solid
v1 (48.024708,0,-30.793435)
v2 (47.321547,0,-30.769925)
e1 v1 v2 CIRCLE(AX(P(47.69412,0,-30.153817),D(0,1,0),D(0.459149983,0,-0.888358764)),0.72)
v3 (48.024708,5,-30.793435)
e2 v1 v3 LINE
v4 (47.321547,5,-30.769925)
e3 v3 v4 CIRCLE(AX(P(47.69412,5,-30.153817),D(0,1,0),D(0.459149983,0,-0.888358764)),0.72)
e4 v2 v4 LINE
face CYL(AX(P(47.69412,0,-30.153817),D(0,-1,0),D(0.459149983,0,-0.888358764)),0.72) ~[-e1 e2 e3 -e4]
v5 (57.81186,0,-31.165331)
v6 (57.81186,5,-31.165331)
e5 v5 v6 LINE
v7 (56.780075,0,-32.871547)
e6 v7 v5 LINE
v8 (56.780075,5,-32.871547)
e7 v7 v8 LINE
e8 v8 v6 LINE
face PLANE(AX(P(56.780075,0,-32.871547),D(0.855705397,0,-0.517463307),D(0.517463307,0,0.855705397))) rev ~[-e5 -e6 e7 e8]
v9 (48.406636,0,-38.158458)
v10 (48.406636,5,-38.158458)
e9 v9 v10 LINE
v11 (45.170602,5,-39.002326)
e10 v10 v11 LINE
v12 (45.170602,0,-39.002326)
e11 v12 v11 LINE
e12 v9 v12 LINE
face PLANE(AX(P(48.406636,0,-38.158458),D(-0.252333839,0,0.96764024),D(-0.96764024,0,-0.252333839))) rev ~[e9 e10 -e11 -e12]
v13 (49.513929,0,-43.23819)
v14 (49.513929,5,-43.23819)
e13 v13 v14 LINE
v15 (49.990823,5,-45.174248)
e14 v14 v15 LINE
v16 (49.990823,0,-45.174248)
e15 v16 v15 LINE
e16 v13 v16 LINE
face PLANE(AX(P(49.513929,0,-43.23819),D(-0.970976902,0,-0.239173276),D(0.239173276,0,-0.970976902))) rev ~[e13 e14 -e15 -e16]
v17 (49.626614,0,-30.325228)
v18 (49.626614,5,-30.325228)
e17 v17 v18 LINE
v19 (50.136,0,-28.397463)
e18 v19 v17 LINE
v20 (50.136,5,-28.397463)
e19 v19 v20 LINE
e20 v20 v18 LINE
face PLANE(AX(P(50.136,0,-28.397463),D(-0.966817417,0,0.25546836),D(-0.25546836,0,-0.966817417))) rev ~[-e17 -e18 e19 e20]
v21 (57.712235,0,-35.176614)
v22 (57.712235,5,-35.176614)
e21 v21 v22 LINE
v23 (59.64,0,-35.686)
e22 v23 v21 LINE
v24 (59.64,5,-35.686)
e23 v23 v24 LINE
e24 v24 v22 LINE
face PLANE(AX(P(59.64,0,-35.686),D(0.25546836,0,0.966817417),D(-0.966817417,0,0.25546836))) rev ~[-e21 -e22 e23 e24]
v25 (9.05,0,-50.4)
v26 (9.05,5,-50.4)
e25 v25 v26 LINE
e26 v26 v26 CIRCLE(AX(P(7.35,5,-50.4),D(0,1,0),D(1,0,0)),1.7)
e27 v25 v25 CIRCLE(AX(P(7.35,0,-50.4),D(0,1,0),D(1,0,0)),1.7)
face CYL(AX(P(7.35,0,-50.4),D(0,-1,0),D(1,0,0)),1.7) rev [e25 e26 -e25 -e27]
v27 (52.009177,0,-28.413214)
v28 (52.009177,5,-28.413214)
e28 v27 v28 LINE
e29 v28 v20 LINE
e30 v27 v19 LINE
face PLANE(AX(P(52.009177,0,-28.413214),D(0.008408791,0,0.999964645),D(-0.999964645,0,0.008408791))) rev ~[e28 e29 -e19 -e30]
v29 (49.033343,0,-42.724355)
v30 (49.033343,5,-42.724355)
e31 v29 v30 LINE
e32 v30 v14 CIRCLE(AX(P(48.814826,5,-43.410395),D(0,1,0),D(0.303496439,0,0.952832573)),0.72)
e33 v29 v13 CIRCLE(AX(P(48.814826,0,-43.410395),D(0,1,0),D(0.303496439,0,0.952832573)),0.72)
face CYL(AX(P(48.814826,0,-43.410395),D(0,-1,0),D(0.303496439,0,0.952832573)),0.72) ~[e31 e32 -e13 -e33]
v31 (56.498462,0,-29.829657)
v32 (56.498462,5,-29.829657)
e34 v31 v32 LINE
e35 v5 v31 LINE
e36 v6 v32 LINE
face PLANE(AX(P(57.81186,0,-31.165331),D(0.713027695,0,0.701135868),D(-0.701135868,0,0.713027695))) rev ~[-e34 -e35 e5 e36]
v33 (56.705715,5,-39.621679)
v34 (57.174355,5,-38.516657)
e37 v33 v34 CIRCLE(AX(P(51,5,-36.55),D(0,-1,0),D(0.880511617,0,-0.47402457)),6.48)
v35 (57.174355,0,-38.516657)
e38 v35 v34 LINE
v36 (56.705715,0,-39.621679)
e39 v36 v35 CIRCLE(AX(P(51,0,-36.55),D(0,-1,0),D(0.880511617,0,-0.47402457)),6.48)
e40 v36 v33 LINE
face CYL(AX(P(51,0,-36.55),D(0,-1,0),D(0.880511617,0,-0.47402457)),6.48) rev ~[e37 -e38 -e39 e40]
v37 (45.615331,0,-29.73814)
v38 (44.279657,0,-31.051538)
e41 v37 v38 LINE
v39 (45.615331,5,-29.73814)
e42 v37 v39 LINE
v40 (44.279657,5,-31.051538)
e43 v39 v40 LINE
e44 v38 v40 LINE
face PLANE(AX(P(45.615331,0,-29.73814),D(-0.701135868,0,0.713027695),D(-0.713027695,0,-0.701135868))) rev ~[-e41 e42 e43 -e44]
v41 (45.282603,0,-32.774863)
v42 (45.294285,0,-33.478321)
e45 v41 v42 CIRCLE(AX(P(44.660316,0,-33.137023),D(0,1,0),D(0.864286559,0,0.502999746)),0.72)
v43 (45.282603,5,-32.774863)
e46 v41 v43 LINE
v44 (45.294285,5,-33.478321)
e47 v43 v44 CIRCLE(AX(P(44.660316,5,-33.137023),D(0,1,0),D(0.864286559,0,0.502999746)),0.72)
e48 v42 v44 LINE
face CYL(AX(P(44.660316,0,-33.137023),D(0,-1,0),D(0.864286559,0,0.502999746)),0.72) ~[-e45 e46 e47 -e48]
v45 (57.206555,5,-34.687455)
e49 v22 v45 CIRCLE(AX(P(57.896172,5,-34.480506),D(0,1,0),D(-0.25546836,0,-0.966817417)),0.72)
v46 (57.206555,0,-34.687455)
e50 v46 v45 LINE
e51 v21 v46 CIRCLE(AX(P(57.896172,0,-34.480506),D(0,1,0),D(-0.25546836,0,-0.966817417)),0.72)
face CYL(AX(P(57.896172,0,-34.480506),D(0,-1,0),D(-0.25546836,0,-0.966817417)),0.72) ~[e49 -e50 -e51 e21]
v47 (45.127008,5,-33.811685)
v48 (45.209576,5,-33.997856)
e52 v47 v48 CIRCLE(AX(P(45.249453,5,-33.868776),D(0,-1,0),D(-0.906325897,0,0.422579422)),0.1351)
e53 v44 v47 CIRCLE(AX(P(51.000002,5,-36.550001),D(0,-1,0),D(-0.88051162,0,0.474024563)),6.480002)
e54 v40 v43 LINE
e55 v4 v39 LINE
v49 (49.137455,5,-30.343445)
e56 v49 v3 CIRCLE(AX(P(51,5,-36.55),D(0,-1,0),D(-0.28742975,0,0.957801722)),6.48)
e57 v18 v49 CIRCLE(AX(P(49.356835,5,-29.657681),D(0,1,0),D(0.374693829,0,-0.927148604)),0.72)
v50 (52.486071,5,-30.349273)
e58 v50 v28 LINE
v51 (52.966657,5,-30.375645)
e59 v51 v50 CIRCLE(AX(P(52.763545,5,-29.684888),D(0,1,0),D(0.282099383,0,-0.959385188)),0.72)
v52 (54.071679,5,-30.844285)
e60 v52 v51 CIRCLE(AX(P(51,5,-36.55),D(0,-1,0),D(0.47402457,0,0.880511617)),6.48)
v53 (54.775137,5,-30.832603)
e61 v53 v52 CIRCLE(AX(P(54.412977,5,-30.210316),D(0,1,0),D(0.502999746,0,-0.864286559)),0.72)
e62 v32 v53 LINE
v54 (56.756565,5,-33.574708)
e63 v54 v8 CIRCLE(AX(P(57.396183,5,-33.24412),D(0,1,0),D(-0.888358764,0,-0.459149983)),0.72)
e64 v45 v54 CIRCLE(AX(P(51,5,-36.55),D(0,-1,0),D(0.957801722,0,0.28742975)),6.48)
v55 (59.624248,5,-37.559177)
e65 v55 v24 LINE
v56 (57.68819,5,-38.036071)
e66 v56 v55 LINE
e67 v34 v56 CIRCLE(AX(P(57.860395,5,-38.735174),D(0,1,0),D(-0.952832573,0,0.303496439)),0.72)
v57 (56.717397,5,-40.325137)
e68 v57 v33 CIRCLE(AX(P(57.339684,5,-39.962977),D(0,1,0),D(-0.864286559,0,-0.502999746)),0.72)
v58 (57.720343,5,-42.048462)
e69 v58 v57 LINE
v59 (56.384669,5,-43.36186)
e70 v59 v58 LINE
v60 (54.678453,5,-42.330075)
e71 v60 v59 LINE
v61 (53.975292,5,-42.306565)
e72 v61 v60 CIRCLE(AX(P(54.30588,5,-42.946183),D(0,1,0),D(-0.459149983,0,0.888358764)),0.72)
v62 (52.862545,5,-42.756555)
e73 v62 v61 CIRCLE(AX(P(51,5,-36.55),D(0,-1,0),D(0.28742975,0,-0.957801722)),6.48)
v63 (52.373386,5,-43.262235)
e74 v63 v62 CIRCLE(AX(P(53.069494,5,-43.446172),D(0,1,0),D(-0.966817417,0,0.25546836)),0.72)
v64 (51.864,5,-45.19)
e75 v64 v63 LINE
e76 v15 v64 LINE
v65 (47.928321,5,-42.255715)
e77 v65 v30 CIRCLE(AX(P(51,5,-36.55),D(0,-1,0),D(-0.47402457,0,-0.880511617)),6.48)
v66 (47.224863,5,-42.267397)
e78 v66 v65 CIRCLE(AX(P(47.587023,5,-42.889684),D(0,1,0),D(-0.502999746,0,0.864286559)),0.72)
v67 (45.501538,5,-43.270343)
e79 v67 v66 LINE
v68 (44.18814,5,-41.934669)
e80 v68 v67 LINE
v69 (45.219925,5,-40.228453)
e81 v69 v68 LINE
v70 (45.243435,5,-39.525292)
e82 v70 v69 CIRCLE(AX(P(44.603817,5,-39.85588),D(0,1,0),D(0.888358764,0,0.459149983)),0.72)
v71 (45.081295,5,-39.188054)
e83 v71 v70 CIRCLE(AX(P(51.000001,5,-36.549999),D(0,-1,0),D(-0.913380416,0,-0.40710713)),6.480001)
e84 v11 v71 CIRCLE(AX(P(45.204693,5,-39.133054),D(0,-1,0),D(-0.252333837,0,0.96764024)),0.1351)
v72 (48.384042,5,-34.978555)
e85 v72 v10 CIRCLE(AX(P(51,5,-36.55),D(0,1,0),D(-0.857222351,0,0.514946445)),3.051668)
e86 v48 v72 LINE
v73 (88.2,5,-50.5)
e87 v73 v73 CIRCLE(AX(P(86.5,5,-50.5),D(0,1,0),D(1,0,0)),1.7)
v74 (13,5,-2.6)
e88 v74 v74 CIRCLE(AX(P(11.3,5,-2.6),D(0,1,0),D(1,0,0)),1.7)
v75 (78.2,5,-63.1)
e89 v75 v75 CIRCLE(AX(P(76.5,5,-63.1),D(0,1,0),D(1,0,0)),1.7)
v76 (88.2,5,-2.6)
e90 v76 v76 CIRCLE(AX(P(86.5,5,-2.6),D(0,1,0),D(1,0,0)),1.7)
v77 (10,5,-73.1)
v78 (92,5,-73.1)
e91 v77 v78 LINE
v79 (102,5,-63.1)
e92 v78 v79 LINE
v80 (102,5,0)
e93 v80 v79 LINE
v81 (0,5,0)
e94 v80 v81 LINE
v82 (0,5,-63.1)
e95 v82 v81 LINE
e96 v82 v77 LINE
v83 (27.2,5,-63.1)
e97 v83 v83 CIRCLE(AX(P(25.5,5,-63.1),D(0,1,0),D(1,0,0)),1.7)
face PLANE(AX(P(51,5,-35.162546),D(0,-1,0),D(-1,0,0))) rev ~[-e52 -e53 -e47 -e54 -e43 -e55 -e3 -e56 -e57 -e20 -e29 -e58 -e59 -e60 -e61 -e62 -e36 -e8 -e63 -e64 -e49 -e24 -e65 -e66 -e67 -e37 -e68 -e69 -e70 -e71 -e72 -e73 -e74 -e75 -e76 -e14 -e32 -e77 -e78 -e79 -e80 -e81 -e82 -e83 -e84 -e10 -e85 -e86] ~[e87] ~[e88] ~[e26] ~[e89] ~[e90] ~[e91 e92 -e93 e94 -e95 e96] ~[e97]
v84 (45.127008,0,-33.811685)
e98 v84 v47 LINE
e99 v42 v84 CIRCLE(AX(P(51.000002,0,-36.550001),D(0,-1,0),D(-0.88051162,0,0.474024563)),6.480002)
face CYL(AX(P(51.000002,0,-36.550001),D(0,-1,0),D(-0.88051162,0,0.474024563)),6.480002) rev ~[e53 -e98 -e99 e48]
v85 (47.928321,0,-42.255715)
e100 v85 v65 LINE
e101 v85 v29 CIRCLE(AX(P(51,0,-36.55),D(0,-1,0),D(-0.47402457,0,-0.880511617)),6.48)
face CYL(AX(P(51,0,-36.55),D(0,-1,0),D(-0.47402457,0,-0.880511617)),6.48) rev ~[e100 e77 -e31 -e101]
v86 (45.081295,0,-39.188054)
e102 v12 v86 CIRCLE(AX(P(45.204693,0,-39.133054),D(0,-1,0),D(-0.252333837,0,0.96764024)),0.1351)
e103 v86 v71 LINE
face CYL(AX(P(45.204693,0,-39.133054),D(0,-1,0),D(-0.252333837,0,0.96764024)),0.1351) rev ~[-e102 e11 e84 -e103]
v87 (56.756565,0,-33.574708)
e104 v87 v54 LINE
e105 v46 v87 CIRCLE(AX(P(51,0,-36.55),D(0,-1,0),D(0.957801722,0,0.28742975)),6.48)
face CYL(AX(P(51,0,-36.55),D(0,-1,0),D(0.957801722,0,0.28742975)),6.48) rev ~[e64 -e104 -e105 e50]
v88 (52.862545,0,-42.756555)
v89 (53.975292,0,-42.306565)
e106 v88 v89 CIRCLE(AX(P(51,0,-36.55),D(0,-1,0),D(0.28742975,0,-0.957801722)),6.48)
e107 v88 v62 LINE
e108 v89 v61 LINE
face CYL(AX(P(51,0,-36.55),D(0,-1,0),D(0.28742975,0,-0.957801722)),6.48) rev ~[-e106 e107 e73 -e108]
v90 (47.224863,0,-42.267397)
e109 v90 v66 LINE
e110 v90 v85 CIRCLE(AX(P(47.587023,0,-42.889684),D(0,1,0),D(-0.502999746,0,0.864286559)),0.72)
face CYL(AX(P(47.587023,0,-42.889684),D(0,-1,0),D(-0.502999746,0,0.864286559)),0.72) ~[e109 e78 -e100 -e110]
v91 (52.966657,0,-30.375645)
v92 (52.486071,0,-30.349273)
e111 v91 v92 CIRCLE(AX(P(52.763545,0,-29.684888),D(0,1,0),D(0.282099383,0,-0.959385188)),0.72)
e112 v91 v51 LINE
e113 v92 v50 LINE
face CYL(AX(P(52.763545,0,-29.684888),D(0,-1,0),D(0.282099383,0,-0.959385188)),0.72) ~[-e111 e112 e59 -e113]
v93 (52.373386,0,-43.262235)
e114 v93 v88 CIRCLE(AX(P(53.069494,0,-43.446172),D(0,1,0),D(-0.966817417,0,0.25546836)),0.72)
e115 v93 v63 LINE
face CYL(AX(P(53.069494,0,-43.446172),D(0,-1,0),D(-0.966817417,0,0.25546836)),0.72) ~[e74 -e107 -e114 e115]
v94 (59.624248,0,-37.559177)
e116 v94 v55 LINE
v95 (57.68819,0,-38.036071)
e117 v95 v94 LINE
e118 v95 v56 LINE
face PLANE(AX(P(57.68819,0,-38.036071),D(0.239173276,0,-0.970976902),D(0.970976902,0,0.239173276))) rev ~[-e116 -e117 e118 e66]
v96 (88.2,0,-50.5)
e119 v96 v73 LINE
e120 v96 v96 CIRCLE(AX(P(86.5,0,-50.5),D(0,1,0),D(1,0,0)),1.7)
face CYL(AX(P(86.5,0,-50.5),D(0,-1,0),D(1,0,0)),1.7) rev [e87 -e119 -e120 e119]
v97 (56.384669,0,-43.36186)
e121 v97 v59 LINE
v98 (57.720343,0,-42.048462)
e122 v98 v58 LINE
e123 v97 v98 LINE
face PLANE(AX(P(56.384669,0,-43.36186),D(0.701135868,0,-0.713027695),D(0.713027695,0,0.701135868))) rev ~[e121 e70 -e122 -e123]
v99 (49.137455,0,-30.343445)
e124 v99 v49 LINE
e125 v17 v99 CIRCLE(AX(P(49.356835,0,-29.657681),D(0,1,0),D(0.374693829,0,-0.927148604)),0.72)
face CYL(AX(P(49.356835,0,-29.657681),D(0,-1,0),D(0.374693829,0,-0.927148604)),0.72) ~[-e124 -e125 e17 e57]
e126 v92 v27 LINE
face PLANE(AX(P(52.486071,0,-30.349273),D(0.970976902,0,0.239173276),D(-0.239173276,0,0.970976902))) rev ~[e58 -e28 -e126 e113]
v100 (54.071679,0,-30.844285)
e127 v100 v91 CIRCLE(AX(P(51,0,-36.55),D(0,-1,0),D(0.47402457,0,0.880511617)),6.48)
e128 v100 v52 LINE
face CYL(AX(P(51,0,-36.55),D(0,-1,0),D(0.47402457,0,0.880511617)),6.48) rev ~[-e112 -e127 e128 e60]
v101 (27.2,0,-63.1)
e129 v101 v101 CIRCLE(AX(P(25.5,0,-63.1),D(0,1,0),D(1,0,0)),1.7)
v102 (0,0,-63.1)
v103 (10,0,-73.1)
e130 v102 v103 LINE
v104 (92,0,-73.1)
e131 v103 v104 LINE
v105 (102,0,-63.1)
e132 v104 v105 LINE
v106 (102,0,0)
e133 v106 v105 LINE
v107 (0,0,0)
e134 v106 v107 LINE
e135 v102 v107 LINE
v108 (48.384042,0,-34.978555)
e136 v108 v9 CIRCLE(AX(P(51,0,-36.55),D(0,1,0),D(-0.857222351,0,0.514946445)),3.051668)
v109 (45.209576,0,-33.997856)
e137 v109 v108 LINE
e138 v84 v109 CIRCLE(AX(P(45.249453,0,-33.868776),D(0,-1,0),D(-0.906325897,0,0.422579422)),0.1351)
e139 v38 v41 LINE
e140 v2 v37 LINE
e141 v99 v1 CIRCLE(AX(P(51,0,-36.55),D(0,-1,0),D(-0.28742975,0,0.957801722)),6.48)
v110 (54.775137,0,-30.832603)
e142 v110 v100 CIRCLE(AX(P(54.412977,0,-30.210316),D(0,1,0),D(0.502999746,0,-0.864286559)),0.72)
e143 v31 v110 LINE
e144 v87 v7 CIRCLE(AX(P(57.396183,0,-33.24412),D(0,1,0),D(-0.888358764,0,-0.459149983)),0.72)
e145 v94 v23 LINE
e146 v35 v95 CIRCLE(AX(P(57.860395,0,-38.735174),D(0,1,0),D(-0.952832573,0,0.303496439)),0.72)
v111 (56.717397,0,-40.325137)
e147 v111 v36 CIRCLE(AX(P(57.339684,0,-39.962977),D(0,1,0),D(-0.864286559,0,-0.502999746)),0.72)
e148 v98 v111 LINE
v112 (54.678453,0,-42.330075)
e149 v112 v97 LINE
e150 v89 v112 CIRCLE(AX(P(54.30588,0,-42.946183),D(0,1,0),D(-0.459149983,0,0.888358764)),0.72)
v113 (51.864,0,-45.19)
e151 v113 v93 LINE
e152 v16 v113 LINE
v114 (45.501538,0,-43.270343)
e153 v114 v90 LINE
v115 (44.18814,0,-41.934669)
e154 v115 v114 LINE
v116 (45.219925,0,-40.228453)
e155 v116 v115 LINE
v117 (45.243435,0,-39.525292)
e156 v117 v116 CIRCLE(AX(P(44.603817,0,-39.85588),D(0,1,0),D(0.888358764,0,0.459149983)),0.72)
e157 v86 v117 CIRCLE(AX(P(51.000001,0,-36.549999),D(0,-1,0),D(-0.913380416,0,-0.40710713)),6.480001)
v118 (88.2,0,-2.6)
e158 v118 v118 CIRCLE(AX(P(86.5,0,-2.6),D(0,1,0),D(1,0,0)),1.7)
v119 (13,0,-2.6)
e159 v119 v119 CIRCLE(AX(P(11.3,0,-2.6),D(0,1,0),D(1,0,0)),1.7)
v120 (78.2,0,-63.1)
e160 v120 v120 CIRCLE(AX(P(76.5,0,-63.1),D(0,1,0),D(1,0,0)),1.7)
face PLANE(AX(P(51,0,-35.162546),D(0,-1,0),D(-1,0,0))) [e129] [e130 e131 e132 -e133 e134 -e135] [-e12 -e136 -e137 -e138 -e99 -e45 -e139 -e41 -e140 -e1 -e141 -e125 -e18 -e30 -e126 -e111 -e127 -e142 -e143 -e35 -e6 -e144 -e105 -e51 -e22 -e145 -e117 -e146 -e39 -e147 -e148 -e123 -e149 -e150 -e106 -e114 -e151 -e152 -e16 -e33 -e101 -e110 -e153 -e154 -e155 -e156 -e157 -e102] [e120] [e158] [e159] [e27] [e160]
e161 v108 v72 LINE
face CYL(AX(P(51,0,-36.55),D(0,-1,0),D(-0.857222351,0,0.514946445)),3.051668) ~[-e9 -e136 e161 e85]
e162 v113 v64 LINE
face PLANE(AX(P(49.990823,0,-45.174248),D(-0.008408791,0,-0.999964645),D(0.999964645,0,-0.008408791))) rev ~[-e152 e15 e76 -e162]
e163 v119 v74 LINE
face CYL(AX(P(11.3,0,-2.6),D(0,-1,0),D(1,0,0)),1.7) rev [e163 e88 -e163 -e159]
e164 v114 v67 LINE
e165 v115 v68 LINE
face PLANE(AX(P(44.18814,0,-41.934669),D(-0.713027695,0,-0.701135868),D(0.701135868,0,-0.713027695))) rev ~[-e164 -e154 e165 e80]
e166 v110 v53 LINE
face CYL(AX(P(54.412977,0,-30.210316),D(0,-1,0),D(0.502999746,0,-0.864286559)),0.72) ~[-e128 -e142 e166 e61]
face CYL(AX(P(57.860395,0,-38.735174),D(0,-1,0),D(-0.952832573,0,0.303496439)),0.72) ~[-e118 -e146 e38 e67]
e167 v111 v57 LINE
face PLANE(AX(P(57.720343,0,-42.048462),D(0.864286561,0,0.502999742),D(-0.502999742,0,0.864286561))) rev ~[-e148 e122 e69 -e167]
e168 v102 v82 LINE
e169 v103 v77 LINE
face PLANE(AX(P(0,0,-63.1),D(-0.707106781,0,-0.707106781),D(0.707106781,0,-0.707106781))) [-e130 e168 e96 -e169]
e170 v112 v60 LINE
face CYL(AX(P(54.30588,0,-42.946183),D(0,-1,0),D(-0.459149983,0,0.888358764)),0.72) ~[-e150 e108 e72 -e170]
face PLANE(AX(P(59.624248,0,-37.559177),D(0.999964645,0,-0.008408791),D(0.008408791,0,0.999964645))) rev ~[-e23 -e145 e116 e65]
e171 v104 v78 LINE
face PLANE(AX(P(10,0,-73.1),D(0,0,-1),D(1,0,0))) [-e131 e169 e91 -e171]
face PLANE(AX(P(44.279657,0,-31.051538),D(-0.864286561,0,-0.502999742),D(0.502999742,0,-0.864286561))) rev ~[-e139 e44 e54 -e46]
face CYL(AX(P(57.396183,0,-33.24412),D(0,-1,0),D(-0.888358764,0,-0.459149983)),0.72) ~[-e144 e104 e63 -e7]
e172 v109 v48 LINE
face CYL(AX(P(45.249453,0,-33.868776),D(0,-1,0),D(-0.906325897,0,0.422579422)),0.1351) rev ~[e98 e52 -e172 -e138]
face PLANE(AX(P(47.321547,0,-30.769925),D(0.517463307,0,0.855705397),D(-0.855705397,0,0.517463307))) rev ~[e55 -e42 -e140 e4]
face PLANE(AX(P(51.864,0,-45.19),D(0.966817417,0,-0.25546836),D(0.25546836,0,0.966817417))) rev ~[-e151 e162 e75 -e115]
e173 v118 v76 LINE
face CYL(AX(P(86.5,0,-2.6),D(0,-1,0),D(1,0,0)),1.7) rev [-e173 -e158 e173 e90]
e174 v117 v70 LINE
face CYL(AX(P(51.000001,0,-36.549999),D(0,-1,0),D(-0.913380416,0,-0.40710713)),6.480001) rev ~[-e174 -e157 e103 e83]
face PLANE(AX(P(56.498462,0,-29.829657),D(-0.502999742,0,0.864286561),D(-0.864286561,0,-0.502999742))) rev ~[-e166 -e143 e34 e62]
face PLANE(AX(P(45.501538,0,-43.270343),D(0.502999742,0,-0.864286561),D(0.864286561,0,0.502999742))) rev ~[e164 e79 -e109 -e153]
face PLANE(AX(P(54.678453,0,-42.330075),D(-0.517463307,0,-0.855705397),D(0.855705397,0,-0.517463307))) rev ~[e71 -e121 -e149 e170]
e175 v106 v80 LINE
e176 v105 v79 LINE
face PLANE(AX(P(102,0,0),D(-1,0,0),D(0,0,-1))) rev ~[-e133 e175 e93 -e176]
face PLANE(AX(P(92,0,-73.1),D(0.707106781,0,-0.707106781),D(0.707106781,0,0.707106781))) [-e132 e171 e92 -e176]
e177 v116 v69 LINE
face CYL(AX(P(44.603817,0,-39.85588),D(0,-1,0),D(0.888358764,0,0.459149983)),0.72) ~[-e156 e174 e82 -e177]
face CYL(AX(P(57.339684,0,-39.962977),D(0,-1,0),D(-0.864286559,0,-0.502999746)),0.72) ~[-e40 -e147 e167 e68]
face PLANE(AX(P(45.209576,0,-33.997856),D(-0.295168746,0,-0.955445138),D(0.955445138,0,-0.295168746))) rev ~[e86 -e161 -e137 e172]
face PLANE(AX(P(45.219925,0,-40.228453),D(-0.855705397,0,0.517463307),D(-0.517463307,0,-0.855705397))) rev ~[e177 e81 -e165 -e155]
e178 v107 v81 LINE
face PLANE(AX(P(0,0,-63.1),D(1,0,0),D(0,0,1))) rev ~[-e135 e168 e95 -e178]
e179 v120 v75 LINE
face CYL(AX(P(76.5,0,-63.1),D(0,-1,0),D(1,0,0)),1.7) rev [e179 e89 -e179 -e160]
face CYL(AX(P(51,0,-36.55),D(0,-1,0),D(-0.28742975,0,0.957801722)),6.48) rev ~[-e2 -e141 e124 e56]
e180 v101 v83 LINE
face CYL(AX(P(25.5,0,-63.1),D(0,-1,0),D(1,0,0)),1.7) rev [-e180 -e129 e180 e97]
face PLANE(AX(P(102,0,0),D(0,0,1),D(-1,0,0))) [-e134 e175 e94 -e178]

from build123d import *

# Parameters (mm, degrees)
CROQUIS1_R              = 1.7
SALIENTE_EXTRUIR1_DEPTH = 5


with BuildPart() as part:
    # Croquis1 → Saliente-Extruir1 (new body)
    with BuildSketch(Plane(origin=(0, 0, 0), x_dir=(1, 0, 0), z_dir=(0, 1, 0))):
        Polygon((0, 53.1), (0, 63.1), (10, 73.1), (92, 73.1), (102, 63.1), (102, 53.1), (102, 0), (0, 0), align=None)
        with Locations((7.35, 50.4)):
            Circle(CROQUIS1_R, mode=Mode.SUBTRACT)
        with Locations((11.3, 2.6)):
            Circle(CROQUIS1_R, mode=Mode.SUBTRACT)
        with Locations((86.5, 50.5)):
            Circle(CROQUIS1_R, mode=Mode.SUBTRACT)
        with Locations((86.5, 2.6)):
            Circle(CROQUIS1_R, mode=Mode.SUBTRACT)
        with Locations((25.5, 63.1)):
            Circle(CROQUIS1_R, mode=Mode.SUBTRACT)
        with Locations((76.5, 63.1)):
            Circle(CROQUIS1_R, mode=Mode.SUBTRACT)
        with BuildLine():
            Line((44.188139939, 41.934668839), (45.501537669, 43.270342848))
            Line((45.501537669, 43.270342848), (47.224863288, 42.26739732))
            ThreePointArc((47.224863288, 42.26739732), (47.575067996, 42.169782903), (47.928320792, 42.255715279))
            ThreePointArc((47.928320792, 42.255715279), (48.469957789, 42.515675688), (49.033343063, 42.724355067))
            ThreePointArc((49.033343063, 42.724355067), (49.340671144, 42.918574947), (49.513928995, 43.23818976))
            Line((49.513928995, 43.23818976), (49.990823409, 45.174248292))
            Line((49.990823409, 45.174248292), (51.864, 45.19))
            Line((51.864, 45.19), (52.373385647, 43.262235184))
            ThreePointArc((52.373385647, 43.262235184), (52.551993955, 42.945579245), (52.862544768, 42.756555163))
            ThreePointArc((52.862544768, 42.756555163), (53.429359729, 42.557379737), (53.975291881, 42.306564794))
            ThreePointArc((53.975291881, 42.306564794), (54.329939845, 42.226585218), (54.678453448, 42.330075218))
            Line((54.678453448, 42.330075218), (56.384668839, 43.361860061))
            Line((56.384668839, 43.361860061), (57.720342848, 42.048462331))
            Line((57.720342848, 42.048462331), (56.71739732, 40.325136712))
            ThreePointArc((56.71739732, 40.325136712), (56.619782903, 39.974932004), (56.705715279, 39.621679208))
            ThreePointArc((56.705715279, 39.621679208), (56.965675688, 39.080042211), (57.174355067, 38.516656937))
            ThreePointArc((57.174355067, 38.516656937), (57.368574947, 38.209328856), (57.68818976, 38.036071005))
            Line((57.68818976, 38.036071005), (59.624248292, 37.559176591))
            Line((59.624248292, 37.559176591), (59.64, 35.686))
            Line((59.64, 35.686), (57.712235184, 35.176614353))
            ThreePointArc((57.712235184, 35.176614353), (57.395579245, 34.998006045), (57.206555163, 34.687455232))
            ThreePointArc((57.206555163, 34.687455232), (57.007379737, 34.120640271), (56.756564794, 33.574708119))
            ThreePointArc((56.756564794, 33.574708119), (56.676585218, 33.220060155), (56.780075218, 32.871546552))
            Line((56.780075218, 32.871546552), (57.811860061, 31.165331161))
            Line((57.811860061, 31.165331161), (56.498462331, 29.829657152))
            Line((56.498462331, 29.829657152), (54.775136712, 30.83260268))
            ThreePointArc((54.775136712, 30.83260268), (54.424932004, 30.930217097), (54.071679208, 30.844284721))
            ThreePointArc((54.071679208, 30.844284721), (53.530042211, 30.584324312), (52.966656937, 30.375644933))
            ThreePointArc((52.966656937, 30.375644933), (52.724095072, 30.403806003), (52.486071005, 30.349273006))
            Line((52.486071005, 30.349273006), (52.009176591, 28.413214474))
            Line((52.009176591, 28.413214474), (50.136, 28.397462767))
            Line((50.136, 28.397462767), (49.626614353, 30.325227583))
            ThreePointArc((49.626614353, 30.325227583), (49.383630447, 30.377181799), (49.137455232, 30.343444837))
            ThreePointArc((49.137455232, 30.343444837), (48.570640271, 30.542620263), (48.024708119, 30.793435206))
            ThreePointArc((48.024708119, 30.793435206), (47.670060155, 30.873414782), (47.321546552, 30.769924782))
            Line((47.321546552, 30.769924782), (45.615331161, 29.738139939))
            Line((45.615331161, 29.738139939), (44.279657152, 31.051537669))
            Line((44.279657152, 31.051537669), (45.28260268, 32.774863288))
            ThreePointArc((45.28260268, 32.774863288), (45.380217097, 33.125067996), (45.294284721, 33.478320792))
            ThreePointArc((45.294284721, 33.478320792), (45.208247472, 33.643799276), (45.127008205, 33.811685303))
            ThreePointArc((45.127008205, 33.811685303), (45.125953752, 33.923547873), (45.209575503, 33.997856347))
            Line((45.209575503, 33.997856347), (48.384042323, 34.978554615))
            ThreePointArc((48.384042323, 34.978554615), (54.05159058, 36.528318352), (48.406635637, 38.158457784))
            Line((48.406635637, 38.158457784), (45.170602247, 39.00232588))
            ThreePointArc((45.170602247, 39.00232588), (45.082937198, 39.074508031), (45.08129489, 39.188054174))
            ThreePointArc((45.08129489, 39.188054174), (45.159930296, 39.35784363), (45.243435206, 39.525291881))
            ThreePointArc((45.243435206, 39.525291881), (45.323414782, 39.879939845), (45.219924782, 40.228453448))
            Line((45.219924782, 40.228453448), (44.188139939, 41.934668839))
        make_face(mode=Mode.SUBTRACT)
    extrude(amount=SALIENTE_EXTRUIR1_DEPTH)


solid = part.part
